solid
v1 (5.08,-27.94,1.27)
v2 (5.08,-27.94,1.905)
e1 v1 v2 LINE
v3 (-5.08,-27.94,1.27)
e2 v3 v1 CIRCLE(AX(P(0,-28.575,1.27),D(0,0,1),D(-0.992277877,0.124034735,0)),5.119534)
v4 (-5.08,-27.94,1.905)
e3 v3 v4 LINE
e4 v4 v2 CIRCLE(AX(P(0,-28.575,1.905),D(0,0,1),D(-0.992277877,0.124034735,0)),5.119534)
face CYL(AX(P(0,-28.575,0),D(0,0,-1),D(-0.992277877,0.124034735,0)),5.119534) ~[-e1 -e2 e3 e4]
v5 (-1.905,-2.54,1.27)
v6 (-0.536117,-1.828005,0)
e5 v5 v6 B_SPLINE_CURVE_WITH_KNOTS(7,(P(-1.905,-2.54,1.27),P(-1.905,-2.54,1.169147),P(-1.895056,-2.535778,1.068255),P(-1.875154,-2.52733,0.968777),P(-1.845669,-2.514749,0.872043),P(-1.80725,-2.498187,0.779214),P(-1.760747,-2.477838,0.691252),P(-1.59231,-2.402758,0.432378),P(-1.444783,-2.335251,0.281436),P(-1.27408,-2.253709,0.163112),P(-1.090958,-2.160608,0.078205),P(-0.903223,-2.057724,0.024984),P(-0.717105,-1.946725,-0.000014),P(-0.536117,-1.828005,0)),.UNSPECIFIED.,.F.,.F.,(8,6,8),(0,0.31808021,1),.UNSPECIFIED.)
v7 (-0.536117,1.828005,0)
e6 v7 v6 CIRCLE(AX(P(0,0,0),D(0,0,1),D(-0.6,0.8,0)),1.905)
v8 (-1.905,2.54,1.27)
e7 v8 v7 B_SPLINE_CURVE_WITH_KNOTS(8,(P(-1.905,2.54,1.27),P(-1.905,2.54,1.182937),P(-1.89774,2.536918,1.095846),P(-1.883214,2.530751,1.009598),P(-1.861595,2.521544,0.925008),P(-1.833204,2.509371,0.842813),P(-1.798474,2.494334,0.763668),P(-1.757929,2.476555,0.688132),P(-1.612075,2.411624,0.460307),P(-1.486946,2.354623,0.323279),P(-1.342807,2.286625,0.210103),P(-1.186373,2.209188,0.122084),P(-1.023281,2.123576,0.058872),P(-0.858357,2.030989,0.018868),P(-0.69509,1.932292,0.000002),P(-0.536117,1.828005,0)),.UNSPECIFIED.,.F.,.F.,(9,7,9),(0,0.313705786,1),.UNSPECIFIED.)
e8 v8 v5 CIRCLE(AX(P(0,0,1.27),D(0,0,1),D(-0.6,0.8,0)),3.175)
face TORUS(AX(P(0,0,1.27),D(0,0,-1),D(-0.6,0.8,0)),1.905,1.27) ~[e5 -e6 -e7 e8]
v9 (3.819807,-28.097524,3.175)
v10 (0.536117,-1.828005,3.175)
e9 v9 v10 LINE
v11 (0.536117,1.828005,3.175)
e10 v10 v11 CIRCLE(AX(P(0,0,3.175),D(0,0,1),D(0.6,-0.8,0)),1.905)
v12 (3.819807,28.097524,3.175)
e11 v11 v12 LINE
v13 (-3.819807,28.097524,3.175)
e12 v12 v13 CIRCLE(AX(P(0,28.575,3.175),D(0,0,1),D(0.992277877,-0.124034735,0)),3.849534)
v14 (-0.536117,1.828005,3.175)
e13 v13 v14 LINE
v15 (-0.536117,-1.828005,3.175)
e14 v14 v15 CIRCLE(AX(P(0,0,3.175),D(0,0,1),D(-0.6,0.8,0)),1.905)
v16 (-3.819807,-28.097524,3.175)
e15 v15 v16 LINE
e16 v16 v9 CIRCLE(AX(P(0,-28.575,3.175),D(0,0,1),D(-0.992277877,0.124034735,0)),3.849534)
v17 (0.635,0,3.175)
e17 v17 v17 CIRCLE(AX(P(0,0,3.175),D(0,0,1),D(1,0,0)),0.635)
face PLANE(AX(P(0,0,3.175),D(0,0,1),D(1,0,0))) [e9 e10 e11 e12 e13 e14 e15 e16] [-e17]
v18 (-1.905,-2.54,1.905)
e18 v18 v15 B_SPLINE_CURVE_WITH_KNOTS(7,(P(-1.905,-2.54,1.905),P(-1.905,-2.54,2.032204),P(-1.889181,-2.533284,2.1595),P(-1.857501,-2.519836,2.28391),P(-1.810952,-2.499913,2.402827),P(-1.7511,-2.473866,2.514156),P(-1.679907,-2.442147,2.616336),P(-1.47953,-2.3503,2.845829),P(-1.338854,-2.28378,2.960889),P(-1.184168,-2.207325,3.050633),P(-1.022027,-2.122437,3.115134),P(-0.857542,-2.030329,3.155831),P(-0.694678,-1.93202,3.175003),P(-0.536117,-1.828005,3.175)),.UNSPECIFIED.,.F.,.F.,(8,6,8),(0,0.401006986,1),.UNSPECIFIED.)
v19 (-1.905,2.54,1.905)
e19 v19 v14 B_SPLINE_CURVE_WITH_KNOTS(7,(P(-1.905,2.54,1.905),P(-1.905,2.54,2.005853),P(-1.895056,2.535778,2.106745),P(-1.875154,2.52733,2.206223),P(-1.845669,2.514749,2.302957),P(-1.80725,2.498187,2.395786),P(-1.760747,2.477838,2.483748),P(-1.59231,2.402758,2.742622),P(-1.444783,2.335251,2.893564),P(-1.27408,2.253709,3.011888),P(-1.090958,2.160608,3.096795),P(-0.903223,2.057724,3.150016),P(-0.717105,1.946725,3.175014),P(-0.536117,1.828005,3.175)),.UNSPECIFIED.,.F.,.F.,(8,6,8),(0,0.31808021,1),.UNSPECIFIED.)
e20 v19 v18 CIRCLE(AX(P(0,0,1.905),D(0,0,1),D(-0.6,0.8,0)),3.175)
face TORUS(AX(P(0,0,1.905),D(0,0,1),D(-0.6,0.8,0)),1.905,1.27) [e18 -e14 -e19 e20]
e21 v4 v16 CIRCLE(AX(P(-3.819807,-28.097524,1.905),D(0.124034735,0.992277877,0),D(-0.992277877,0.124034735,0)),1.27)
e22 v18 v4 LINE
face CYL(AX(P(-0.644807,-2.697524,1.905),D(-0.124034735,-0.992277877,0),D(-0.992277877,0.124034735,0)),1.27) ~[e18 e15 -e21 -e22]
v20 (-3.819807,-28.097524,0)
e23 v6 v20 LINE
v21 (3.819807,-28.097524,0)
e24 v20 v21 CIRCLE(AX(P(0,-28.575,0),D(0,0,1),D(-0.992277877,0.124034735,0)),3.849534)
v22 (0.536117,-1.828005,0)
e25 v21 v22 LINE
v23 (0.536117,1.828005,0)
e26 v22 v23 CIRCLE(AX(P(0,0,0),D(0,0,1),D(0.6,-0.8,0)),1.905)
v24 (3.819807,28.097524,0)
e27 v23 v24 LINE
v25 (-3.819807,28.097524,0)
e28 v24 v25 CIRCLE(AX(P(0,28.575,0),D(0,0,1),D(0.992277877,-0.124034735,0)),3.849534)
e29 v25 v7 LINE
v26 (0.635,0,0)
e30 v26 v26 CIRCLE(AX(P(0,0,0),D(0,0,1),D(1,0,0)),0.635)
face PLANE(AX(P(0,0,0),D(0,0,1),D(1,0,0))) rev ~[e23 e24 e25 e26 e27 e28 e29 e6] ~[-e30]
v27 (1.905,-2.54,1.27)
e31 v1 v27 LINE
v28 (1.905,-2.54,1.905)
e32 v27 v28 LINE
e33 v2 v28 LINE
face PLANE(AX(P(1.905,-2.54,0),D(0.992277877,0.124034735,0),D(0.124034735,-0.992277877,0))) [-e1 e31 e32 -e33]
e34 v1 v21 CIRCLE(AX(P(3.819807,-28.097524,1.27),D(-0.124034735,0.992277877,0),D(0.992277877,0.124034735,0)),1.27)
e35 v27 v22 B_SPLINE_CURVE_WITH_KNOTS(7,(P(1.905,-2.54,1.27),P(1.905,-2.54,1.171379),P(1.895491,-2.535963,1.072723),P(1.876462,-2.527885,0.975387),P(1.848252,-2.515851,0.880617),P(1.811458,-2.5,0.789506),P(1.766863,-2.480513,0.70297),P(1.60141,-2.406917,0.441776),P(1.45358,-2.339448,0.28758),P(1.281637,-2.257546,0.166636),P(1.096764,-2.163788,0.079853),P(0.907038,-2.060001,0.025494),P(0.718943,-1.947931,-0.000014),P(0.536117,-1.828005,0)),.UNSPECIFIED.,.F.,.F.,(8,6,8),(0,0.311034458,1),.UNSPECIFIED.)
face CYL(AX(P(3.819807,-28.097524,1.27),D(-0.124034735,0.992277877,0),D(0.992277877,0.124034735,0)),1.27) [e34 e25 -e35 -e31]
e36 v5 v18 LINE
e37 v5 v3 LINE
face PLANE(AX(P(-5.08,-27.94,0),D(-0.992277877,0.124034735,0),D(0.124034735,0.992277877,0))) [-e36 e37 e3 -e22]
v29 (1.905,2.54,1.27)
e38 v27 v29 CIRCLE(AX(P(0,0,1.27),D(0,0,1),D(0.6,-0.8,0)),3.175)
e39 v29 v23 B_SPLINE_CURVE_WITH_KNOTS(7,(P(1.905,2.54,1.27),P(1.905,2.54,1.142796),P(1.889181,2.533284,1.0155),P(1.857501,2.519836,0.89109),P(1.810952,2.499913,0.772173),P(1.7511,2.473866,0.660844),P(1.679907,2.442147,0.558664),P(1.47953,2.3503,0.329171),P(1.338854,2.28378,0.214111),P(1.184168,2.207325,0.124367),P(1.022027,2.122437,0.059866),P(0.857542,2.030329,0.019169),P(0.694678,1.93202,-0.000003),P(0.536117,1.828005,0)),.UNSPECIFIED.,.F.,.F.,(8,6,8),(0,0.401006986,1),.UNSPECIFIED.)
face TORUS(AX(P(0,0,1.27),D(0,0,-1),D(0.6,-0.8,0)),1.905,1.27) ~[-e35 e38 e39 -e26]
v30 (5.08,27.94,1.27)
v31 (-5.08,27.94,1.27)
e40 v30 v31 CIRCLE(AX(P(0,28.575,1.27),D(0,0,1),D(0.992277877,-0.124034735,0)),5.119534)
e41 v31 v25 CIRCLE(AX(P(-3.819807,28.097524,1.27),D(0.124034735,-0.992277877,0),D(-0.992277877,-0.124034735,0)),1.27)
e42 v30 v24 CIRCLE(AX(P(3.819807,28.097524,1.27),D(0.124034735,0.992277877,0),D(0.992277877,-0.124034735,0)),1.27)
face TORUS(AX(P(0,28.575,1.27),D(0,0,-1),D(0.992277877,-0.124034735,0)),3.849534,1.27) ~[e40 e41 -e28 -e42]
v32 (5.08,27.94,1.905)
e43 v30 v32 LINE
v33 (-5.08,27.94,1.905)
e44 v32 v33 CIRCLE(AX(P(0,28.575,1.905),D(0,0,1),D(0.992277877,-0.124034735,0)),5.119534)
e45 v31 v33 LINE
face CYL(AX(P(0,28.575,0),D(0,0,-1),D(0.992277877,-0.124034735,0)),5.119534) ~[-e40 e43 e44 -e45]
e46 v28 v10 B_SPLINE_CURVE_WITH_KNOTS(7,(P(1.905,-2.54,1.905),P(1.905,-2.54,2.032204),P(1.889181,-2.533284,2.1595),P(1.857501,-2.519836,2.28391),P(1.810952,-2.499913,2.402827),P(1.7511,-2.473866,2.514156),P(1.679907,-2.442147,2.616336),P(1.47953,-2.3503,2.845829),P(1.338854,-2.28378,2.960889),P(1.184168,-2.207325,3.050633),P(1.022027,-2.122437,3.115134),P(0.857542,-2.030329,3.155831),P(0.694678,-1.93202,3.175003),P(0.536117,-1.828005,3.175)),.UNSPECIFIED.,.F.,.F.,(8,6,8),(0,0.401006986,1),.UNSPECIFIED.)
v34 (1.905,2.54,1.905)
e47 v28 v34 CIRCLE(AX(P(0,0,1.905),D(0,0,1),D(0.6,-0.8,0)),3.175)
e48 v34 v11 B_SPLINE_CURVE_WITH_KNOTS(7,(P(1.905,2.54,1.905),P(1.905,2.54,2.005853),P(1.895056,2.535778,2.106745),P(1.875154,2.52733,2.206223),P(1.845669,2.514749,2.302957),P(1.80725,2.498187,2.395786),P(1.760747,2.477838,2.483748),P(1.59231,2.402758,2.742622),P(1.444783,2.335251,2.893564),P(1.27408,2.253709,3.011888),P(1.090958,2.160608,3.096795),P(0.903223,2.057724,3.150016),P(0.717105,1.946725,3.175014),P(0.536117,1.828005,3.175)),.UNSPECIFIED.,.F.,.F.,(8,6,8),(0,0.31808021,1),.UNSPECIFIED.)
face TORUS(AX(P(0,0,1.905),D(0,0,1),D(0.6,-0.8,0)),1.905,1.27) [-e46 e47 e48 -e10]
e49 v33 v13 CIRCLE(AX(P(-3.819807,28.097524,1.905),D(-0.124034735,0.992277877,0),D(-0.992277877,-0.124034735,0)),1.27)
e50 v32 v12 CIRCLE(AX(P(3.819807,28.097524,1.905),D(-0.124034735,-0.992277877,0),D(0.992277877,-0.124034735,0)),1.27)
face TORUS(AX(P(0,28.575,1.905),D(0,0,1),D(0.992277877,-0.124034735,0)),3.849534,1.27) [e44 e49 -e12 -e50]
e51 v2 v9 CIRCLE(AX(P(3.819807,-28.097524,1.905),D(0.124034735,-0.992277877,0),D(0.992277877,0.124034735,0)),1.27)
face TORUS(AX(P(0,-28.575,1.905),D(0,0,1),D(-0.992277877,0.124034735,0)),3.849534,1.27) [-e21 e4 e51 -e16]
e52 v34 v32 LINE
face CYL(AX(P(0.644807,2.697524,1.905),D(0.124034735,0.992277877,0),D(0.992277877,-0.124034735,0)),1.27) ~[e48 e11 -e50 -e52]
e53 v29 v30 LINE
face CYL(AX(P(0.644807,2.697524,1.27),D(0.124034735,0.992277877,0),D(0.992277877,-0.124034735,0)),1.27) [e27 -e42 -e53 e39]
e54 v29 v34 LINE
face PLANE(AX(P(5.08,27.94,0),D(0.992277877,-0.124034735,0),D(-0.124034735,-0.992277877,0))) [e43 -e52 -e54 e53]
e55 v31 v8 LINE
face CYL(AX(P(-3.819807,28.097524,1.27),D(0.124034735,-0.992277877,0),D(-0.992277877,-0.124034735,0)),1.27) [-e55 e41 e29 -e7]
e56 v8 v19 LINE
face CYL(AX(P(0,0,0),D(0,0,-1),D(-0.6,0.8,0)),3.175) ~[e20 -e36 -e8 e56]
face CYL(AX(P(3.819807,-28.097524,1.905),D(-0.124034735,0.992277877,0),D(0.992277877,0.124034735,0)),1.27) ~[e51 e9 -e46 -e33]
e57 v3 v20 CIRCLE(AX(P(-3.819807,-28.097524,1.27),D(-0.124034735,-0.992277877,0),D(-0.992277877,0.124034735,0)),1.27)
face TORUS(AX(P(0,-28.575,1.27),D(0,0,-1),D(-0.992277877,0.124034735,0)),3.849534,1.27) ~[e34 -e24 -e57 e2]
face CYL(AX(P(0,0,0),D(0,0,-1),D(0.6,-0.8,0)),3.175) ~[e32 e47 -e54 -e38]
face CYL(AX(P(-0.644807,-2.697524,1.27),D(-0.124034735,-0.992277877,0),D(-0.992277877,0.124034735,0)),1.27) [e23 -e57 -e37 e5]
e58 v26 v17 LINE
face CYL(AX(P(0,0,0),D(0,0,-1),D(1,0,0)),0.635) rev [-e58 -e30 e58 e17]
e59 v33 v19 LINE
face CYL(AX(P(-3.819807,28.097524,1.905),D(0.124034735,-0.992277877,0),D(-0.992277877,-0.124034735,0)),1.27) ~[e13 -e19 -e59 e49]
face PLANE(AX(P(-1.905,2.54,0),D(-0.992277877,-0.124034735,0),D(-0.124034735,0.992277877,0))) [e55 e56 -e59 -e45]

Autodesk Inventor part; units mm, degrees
ref_plane "YZ Plane" through (0, 0, 0) normal (1, 0, 0) x (0, 1, 0)
ref_plane "XZ Plane" through (0, 0, 0) normal (0, 1, 0) x (-1, 0, 0)
ref_plane "XY Plane" through (0, 0, 0) normal (0, 0, 1) x (1, 0, 0)
sketch "Sketch1" plane through (0, 0, 0) normal (0, 0, 1) x (1, 0, 0)
  circle A0 centre (0, 0) radius 0.635
  line L0 (-1.905, 2.54) -> (-5.08, 27.94)
  line L1 (5.08, 27.94) -> (1.905, 2.54)
  line L2 (-5.08, -27.94) -> (-1.905, -2.54)
  line L3 (1.905, -2.54) -> (5.08, -27.94)
  arc A1 (-5.08, -27.94) -> (5.08, -27.94) centre (0, -28.575) ccw
  arc A2 (5.08, 27.94) -> (-5.08, 27.94) centre (0, 28.575) ccw
  arc A3 (-1.905, 2.54) -> (-1.905, -2.54) centre (0, 0) ccw
  arc A4 (1.905, -2.54) -> (1.905, 2.54) centre (0, 0) ccw
  dimension "d0" = 1.27
  dimension "d3" = 2.54
  dimension "d4" = 1.905
  dimension "d5" = 2.54
  dimension "d6" = 1.905
  dimension "d7" = 25.4
  dimension "d8" = 25.4
  dimension "d9" = 3.175
  dimension "d10" = 3.175
  dimension "d11" = 25.4
  dimension "d12" = 25.4
  dimension "d13" = 3.175
  dimension "d14" = 3.175
extrude "Extrusion1" add sketch "Sketch1" along normal blind 3.175
fillet "Fillet1" radius 1.27 16 edges at (0, 33.6945, 3.175) (-3.4925, 15.24, 3.175) (3.4925, 15.24, 3.175) (0, -33.6945, 3.175) (-3.4925, -15.24, 3.175) (3.4925, -15.24, 3.175) (0, -33.6945, 0) (-3.4925, -15.24, 0) (3.4925, -15.24, 0) (0, 33.6945, 0) (-3.4925, 15.24, 0) (3.4925, 15.24, 0) (3.175, 0, 3.175) (-3.175, 0, 3.175) (3.175, 0, 0) (-3.175, 0, 0)
properties part number "Prop" material "Nylon 6/6"
